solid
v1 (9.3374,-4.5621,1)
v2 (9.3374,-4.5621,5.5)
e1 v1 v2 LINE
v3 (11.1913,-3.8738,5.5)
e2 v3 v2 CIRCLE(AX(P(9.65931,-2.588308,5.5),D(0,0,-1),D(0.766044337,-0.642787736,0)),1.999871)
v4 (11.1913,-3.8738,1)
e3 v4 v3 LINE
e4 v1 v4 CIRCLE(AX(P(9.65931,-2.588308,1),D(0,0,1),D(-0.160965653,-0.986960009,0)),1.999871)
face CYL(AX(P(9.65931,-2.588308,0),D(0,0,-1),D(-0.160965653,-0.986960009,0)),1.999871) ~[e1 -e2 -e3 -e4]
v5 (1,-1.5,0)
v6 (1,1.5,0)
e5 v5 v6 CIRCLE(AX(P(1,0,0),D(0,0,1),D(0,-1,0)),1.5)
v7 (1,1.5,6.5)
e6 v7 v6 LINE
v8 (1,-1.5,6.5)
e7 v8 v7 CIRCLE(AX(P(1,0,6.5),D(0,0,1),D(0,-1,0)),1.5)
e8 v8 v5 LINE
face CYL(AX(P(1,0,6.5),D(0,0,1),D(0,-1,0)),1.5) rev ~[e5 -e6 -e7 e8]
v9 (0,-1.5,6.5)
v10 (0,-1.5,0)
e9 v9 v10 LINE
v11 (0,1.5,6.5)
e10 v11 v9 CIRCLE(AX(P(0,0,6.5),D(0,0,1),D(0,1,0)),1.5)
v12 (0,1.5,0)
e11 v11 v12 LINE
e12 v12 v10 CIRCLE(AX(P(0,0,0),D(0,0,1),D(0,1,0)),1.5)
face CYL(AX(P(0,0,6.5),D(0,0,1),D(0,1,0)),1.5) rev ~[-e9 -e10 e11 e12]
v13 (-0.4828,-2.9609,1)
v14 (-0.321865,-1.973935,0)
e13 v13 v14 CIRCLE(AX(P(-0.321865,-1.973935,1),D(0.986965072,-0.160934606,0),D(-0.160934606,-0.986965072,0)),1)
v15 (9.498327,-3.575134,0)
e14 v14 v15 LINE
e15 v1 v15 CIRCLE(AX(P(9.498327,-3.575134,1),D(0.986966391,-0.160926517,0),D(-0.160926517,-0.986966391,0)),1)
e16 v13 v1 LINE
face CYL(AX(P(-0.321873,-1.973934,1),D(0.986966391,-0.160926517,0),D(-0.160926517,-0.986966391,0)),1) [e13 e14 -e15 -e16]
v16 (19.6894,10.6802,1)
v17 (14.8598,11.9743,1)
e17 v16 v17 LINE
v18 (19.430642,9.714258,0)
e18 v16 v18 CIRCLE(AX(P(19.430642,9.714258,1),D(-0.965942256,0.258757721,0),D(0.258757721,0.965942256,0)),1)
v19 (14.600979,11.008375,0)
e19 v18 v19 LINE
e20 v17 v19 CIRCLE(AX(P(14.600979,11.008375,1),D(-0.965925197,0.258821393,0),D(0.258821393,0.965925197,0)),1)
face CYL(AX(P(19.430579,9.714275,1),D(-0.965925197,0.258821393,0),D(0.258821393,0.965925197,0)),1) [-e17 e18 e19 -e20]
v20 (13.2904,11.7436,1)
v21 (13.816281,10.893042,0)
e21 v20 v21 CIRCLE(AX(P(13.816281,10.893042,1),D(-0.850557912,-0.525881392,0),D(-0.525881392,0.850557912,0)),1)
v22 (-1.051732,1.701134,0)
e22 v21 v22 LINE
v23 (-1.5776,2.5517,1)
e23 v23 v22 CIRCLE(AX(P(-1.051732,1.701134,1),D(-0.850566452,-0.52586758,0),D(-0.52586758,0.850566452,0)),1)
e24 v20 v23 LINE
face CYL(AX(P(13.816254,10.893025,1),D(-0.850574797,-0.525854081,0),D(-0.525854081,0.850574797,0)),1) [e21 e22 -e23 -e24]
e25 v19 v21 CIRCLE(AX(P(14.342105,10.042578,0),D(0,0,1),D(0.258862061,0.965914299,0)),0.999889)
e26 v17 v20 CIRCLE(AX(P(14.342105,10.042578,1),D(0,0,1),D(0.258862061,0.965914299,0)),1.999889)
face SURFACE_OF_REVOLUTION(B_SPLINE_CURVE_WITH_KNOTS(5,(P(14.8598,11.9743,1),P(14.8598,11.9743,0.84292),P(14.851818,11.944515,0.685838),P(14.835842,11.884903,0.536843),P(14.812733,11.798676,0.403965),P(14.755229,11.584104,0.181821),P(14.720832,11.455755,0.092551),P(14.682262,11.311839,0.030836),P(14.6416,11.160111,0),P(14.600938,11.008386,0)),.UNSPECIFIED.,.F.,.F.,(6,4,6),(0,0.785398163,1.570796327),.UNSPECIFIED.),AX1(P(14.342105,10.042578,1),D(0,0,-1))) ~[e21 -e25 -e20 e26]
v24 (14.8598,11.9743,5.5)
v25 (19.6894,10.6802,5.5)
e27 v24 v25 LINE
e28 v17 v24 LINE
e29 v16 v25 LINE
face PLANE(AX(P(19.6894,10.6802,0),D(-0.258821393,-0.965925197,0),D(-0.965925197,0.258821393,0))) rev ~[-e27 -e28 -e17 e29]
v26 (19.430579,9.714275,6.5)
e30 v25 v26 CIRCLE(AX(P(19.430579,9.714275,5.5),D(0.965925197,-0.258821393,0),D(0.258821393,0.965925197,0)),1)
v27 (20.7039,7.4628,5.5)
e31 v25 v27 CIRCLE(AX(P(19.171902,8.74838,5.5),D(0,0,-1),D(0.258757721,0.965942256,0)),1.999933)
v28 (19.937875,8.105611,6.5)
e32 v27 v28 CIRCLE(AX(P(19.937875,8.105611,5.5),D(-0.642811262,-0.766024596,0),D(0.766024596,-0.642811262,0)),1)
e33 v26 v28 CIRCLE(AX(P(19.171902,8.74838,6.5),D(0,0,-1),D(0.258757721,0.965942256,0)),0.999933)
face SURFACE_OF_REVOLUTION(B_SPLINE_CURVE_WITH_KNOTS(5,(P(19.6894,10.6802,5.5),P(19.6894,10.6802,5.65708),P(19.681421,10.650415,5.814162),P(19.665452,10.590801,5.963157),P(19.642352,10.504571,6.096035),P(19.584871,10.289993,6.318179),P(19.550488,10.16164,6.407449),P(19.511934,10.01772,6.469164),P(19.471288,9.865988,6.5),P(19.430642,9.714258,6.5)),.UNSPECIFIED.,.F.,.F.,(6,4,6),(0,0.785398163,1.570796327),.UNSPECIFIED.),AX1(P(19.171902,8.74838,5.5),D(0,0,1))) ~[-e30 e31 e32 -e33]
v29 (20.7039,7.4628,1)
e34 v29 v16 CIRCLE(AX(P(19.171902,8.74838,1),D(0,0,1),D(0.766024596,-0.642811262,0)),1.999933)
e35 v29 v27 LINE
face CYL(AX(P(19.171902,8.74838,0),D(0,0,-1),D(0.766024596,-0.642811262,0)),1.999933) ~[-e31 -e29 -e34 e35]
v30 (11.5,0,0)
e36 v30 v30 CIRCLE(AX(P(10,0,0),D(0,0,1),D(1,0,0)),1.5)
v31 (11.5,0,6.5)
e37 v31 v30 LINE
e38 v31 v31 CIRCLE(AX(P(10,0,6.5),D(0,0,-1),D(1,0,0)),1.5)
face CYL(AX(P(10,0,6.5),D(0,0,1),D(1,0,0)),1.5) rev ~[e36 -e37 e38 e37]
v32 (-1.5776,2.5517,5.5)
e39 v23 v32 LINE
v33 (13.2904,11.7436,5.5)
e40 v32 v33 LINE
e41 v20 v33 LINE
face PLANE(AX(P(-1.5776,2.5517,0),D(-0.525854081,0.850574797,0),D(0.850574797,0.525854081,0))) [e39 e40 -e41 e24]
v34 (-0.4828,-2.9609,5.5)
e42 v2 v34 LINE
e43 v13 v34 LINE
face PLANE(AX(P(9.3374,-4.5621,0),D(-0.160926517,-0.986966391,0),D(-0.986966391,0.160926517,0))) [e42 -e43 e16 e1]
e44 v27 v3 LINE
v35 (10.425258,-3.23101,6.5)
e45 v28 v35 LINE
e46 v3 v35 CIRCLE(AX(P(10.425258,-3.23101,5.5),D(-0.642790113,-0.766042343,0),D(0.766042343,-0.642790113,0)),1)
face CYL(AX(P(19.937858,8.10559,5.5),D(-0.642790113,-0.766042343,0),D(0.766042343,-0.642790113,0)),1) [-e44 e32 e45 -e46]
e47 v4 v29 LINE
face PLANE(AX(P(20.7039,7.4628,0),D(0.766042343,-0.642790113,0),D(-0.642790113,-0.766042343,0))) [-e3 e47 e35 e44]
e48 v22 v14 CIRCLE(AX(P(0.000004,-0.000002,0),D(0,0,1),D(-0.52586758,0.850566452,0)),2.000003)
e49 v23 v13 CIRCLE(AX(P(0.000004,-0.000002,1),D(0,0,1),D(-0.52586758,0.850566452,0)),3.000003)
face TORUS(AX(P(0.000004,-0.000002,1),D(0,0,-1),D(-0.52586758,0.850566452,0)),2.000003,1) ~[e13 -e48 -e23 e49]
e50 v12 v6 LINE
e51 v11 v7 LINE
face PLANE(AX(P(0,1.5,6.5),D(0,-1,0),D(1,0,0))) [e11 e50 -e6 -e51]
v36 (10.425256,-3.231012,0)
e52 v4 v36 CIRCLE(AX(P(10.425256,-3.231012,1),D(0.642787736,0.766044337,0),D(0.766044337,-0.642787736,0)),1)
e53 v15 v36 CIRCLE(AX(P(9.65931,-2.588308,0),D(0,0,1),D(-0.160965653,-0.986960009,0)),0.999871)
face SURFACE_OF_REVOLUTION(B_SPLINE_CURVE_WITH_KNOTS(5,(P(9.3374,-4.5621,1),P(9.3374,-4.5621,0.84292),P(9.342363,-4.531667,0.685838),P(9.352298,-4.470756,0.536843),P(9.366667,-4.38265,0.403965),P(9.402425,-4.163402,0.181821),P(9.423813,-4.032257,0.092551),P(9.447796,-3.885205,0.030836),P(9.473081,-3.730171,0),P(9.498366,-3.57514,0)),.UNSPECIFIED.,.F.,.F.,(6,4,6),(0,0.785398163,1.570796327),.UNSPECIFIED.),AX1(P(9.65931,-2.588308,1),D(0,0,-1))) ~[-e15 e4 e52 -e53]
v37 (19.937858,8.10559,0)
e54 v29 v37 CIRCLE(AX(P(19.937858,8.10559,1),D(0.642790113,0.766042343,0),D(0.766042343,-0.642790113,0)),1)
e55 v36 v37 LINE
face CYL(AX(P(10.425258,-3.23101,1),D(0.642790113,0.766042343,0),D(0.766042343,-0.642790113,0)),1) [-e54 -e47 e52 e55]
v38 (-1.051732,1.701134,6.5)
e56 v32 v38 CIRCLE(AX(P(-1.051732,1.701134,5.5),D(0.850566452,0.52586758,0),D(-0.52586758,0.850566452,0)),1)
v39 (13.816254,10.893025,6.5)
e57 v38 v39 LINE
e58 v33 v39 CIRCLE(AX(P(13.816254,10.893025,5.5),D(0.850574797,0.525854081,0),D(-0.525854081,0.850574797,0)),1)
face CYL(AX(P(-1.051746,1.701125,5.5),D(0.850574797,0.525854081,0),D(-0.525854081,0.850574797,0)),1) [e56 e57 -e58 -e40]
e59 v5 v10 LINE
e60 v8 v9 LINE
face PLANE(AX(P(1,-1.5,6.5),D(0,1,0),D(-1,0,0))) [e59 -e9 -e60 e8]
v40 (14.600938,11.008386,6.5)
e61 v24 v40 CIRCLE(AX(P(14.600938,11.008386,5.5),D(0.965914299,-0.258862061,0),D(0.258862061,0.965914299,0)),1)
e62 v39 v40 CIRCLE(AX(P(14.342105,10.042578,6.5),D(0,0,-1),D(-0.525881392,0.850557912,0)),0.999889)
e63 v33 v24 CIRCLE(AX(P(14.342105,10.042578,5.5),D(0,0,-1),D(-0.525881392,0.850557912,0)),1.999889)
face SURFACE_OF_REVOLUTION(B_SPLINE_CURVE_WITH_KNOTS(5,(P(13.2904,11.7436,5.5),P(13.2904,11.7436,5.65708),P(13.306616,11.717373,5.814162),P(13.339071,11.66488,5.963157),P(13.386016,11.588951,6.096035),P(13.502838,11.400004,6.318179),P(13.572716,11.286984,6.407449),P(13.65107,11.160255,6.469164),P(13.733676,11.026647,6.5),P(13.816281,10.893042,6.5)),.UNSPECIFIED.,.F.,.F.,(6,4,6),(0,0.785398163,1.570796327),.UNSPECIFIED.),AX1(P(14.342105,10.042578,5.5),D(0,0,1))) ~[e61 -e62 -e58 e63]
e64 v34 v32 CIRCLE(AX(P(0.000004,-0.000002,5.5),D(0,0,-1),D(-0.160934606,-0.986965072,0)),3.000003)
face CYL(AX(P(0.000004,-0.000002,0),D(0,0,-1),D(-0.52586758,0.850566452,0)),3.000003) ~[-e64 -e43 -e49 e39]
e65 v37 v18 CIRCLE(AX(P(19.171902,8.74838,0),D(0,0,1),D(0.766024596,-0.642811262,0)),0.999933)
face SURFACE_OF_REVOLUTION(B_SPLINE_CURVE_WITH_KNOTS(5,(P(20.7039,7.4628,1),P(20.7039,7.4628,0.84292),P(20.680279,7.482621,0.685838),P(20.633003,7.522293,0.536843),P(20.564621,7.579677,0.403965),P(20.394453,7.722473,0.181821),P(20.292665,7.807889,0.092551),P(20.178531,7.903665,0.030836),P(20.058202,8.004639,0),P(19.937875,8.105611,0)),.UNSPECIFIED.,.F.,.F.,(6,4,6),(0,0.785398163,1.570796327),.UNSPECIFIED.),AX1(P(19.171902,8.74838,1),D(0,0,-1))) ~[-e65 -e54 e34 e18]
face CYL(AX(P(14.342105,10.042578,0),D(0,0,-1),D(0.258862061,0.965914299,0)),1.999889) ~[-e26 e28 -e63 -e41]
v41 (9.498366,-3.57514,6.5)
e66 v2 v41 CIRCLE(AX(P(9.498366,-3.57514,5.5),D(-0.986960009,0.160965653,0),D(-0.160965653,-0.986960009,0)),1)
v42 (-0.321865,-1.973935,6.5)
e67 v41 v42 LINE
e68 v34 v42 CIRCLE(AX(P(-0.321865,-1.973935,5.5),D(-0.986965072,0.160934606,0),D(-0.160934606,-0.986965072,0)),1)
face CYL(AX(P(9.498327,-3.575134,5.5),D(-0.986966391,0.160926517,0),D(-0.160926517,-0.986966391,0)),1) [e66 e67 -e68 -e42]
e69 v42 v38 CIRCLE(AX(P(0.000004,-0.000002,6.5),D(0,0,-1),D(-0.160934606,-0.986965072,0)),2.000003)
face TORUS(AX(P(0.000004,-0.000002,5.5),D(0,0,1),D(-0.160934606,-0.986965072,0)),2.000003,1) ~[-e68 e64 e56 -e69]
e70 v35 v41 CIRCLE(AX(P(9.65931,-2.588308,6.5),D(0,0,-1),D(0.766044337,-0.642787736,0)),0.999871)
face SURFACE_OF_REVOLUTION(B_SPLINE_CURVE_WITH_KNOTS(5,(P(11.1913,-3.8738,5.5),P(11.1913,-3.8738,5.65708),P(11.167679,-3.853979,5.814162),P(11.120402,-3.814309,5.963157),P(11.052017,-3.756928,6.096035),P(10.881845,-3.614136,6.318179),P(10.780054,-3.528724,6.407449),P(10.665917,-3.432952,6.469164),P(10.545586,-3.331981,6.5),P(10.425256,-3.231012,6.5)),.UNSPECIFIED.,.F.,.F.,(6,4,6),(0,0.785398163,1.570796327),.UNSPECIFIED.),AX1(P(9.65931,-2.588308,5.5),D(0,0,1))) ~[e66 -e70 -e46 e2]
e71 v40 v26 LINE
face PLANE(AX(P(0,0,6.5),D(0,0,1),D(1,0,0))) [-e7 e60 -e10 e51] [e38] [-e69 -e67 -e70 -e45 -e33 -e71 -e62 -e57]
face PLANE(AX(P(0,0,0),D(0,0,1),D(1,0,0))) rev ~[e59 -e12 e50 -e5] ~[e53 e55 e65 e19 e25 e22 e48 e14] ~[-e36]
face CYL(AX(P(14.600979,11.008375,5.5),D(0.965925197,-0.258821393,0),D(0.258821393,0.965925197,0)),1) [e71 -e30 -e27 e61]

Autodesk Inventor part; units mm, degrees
ref_plane "YZ Plane" through (0, 0, 0) normal (1, 0, 0) x (0, 1, 0)
ref_plane "XZ Plane" through (0, 0, 0) normal (0, 1, 0) x (-1, 0, 0)
ref_plane "XY Plane" through (0, 0, 0) normal (0, 0, 1) x (1, 0, 0)
sketch "スケッチ1" plane through (0, 0, 0) normal (0, 0, 1) x (1, 0, 0)
  arc A0 (-1.5776, 2.5517) -> (-0.4828, -2.9609) centre (0, 0) ccw
  line L0 (-1.5776, 2.5517) -> (13.2904, 11.7436)
  line L1 (20.7039, 7.4628) -> (11.1913, -3.8738)
  line L2 (9.3374, -4.5621) -> (-0.4828, -2.9609)
  arc A1 (20.7039, 7.4628) -> (19.6894, 10.6802) centre (19.1718, 8.7484) ccw
  arc A2 (9.3374, -4.5621) -> (11.1913, -3.8738) centre (9.6593, -2.5882) ccw
  line L3 (0, 0) -> (9.6593, -2.5882)
  line L4 (9.6593, -2.5882) -> (19.1718, 8.7484)
  line L5 (-8.5052, 0) -> (26.6017, 0) projected
  line L6 (19.6894, 10.6802) -> (14.8598, 11.9743)
  arc A3 (14.8598, 11.9743) -> (13.2904, 11.7436) centre (14.3421, 10.0425) ccw
  line L7 (19.1718, 8.7484) -> (14.3421, 10.0425)
  line L8 (14.3421, 10.0425) -> (0, 0)
  dimension "d0" = 2
  dimension "d18" = 15
  dimension "d19" = 115
  dimension "d20" = 3
  dimension "d21" = 2
  dimension "d22" = 130
  dimension "d23" = 65
  dimension "d24" = 10
  dimension "d25" = 5
extrude "押し出し1" add sketch "スケッチ1" along normal blind 6.5
sketch "スケッチ3" plane through (0, 0, 6.5) normal (0, 0, 1) x (1, 0, 0)
  line L0 (0, 0) -> (1, 0) construction
  line L1 (0, 1.5) -> (1, 1.5)
  line L2 (1, -1.5) -> (0, -1.5)
  arc A0 (0, 1.5) -> (0, -1.5) centre (0, 0) ccw
  arc A1 (1, -1.5) -> (1, 1.5) centre (1, 0) ccw
  point P0 (0.5, 0)
  dimension "d7" = 3
  dimension "d8" = 1
extrude "押し出し3" cut sketch "スケッチ3" against normal through all
sketch "スケッチ5" plane through (0, 0, 6.5) normal (0, 0, 1) x (1, 0, 0)
  circle A0 centre (10, 0) radius 1.5
  line L0 (-7.8344, 0) -> (26.0061, 0) projected
  point P0 (0, 0)
  dimension "d14" = 3
  dimension "d15" = 10
extrude "押し出し5" cut sketch "スケッチ5" against normal through all
fillet "フィレット2" radius 1 16 edges at (-2.9425, -0.5844, 6.5) (4.4273, -3.7615, 6.5) (10.3554, -4.4631, 6.5) (15.9476, 1.7945, 6.5) (21.0792, 9.3498, 6.5) (17.2746, 11.3273, 6.5) (14.0513, 12.0212, 6.5) (5.8564, 7.1477, 6.5) (-2.9425, -0.5844, 0) (4.4273, -3.7615, 0) (10.3554, -4.4631, 0) (15.9476, 1.7945, 0) (21.0792, 9.3498, 0) (17.2746, 11.3273, 0) (14.0513, 12.0212, 0) (5.8564, 7.1477, 0)
properties part number "brake"
